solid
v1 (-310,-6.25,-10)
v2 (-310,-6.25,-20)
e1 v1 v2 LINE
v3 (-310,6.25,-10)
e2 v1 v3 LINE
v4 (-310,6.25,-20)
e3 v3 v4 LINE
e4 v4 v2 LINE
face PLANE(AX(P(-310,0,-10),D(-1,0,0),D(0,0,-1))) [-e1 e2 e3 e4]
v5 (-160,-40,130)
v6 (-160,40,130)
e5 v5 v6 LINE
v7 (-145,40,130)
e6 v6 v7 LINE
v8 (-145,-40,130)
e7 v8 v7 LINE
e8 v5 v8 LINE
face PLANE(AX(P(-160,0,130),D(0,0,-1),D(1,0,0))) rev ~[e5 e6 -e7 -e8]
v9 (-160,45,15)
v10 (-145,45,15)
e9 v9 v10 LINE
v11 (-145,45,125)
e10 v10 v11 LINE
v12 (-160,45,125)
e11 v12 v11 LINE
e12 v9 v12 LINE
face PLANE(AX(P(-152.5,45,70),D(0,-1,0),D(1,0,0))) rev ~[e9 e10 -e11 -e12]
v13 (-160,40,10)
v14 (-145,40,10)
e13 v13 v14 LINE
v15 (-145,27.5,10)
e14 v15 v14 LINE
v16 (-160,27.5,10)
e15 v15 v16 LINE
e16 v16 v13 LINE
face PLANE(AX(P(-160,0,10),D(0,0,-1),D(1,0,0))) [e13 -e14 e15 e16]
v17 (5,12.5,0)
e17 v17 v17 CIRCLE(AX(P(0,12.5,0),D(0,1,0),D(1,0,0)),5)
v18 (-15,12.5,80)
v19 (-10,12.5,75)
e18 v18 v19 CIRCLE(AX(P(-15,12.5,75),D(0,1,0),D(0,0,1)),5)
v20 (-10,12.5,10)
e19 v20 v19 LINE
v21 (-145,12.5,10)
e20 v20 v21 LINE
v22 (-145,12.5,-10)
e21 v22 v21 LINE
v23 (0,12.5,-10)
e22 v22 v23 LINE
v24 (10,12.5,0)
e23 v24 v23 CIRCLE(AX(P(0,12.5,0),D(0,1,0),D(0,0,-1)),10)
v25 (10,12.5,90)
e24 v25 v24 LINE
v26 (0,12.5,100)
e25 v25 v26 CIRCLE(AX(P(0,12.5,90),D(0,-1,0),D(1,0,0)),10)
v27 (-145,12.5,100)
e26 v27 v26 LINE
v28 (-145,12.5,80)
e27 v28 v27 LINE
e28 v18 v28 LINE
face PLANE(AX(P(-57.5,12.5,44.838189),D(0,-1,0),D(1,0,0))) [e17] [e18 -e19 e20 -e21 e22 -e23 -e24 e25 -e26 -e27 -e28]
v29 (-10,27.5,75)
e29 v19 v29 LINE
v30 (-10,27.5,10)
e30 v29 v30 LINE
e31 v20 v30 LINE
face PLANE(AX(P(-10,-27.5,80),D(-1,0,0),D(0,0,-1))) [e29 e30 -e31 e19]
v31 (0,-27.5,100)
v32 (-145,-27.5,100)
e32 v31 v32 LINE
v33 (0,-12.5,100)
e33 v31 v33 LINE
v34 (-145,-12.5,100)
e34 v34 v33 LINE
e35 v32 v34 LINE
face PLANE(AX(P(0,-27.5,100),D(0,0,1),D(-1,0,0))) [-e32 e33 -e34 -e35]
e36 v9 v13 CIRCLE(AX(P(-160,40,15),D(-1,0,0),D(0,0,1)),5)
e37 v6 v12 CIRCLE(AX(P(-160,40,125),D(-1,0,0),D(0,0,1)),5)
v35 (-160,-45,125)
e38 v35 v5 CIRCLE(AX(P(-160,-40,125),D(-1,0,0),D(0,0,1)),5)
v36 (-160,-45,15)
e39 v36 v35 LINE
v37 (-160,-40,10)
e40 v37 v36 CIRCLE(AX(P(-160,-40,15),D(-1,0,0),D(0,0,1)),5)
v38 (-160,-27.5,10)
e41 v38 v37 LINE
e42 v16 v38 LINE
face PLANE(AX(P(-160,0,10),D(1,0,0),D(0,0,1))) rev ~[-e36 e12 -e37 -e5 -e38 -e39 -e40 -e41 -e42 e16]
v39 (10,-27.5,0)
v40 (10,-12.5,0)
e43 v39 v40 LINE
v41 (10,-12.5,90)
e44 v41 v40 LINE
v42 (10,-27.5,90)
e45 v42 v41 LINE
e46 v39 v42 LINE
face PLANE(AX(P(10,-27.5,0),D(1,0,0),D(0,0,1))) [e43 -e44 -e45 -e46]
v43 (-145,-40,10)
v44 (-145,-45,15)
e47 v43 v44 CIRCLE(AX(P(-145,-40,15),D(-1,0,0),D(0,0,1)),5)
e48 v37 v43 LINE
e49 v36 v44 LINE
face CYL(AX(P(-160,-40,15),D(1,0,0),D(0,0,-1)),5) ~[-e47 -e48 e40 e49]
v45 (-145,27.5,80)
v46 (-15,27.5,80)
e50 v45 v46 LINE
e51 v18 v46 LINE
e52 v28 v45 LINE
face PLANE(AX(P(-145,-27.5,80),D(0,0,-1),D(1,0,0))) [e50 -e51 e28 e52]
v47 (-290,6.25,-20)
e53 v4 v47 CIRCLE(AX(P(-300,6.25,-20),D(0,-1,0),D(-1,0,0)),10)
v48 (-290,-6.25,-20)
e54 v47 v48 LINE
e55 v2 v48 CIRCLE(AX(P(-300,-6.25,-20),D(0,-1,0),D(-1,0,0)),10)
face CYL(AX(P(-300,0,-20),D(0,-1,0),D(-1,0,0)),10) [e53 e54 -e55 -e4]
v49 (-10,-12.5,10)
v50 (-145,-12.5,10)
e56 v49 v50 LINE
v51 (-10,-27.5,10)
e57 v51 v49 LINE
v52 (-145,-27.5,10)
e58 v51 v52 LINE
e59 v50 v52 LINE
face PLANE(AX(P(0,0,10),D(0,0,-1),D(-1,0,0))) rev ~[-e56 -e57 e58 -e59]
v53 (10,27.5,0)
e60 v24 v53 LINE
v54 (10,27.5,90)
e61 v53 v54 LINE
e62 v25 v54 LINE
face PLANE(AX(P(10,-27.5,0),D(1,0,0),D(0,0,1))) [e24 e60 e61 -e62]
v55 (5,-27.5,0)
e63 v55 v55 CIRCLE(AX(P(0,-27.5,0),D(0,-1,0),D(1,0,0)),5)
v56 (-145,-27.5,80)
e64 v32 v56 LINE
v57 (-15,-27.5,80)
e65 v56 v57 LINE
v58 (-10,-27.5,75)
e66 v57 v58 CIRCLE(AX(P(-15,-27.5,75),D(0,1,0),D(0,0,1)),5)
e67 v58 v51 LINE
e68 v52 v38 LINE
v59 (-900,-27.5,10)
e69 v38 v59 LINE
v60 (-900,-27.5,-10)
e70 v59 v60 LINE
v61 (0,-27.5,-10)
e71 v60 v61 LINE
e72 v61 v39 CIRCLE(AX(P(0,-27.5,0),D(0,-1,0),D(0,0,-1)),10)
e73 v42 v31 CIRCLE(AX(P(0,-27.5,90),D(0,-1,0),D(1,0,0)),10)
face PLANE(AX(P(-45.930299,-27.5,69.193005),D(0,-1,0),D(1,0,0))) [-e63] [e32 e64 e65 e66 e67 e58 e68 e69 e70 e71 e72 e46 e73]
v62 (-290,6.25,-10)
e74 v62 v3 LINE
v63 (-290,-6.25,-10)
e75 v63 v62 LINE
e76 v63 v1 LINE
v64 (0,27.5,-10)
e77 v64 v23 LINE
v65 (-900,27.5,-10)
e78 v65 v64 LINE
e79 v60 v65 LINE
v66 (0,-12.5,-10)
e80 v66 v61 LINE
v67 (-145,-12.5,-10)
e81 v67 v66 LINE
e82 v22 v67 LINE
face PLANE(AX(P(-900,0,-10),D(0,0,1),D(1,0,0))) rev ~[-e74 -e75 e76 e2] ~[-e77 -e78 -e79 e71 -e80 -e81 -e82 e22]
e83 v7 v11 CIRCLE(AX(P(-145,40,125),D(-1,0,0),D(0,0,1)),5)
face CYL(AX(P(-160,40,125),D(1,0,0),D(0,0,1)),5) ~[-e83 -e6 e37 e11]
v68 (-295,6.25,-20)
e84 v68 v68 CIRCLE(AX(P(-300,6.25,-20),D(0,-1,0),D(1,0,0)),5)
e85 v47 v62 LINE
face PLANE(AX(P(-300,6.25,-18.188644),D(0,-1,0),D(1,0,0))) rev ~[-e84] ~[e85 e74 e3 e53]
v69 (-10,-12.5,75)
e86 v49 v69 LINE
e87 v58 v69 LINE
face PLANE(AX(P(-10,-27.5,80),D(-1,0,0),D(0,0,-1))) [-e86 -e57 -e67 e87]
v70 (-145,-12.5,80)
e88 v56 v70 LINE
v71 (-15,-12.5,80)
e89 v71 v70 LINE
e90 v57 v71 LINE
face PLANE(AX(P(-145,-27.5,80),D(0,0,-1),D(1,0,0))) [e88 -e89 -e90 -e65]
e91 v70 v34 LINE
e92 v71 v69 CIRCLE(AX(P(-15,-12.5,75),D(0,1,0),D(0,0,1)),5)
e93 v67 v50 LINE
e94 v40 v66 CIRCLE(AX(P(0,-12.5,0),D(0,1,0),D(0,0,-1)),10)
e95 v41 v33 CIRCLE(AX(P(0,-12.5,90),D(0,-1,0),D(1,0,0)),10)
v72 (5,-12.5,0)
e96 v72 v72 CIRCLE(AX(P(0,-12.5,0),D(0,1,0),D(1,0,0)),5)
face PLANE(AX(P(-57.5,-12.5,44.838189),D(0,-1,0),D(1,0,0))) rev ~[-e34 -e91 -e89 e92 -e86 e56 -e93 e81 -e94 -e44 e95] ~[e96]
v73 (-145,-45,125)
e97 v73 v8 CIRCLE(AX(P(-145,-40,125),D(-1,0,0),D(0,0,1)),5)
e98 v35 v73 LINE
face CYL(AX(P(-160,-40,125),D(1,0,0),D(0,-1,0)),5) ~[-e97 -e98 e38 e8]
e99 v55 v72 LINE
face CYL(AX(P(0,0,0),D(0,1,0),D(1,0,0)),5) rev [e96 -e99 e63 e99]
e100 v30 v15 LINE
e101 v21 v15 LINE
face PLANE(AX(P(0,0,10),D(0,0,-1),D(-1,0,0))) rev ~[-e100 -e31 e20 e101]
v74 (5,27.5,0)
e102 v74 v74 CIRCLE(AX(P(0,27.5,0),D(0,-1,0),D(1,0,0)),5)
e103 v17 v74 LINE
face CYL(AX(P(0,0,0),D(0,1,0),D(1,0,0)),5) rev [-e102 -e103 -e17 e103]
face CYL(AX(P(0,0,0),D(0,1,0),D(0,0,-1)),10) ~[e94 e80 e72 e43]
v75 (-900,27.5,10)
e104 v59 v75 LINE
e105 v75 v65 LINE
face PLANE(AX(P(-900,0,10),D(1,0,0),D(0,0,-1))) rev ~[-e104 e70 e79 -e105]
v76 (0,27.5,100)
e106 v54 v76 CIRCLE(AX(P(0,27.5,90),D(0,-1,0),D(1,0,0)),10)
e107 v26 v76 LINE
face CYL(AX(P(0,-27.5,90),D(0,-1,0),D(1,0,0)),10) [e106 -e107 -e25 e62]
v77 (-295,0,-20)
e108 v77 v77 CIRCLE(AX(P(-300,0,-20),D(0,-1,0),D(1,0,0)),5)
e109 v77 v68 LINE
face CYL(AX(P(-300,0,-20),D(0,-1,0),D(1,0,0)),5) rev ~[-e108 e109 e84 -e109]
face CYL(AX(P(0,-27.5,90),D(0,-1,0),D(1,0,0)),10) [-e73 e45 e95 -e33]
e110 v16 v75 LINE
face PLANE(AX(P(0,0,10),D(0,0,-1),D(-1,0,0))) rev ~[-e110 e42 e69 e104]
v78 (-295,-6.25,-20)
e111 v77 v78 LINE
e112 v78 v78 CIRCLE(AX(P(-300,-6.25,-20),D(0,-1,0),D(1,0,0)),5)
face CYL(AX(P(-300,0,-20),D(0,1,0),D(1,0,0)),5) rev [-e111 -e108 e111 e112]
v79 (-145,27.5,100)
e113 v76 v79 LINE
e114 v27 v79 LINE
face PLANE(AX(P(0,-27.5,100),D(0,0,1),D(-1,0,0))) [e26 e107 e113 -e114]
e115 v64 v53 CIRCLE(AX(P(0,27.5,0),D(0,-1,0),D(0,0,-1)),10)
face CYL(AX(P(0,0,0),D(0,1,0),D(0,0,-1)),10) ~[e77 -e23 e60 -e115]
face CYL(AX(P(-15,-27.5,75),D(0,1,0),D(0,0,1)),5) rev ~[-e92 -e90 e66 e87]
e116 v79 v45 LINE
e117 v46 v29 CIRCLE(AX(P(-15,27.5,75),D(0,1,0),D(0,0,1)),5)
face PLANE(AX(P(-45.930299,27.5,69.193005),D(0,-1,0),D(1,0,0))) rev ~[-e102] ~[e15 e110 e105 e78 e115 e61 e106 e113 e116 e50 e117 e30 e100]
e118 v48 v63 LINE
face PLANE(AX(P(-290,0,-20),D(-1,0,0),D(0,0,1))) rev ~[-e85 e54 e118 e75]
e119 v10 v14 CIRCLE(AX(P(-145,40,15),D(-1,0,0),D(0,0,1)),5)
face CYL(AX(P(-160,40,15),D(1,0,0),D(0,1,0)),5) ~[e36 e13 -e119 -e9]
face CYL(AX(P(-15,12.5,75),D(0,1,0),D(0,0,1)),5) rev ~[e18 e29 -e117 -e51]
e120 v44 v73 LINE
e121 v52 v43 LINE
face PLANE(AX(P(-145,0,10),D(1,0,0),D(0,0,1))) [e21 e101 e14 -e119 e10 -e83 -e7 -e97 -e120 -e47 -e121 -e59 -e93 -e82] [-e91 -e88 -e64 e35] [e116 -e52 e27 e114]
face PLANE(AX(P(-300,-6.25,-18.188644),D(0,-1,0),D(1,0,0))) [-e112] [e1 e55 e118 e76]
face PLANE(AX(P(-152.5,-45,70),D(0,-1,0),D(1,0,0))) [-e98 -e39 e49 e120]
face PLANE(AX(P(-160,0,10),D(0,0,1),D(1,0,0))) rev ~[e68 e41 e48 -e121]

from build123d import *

# Parameters (mm, degrees)
F0_R           = 5
F1_DEPTH       = 27.5
F1_DEPTH_BACK  = 27.5
F4_R           = 5
F5_DEPTH       = 55
F6_W           = 175
F6_H           = 126.1557921569
F7_DEPTH       = 12.5
F7_DEPTH_BACK  = 12.5
F8_R           = 5
F9_DEPTH       = 6.25
F9_DEPTH_BACK  = 6.25
F10_W          = 15
F10_H          = 120
F11_DEPTH      = 45
F11_DEPTH_BACK = 45
F12_R          = 5
F13_R          = 5


with BuildPart() as f1:
    # F0 (on Front) → F1 (new body, two sides)
    with BuildSketch(Plane.XZ) as f1_sk:
        with BuildLine():
            Line((-900, -10), (0, -10))
            ThreePointArc((0, -10), (10, 0), (0, 10))
            Line((0, 10), (-900, 10))
            Line((-900, 10), (-900, -10))
        make_face()
        Circle(F0_R, mode=Mode.SUBTRACT)
    extrude(amount=-F1_DEPTH)
    extrude(f1_sk.sketch, amount=F1_DEPTH_BACK)

    # F4 (on offset) → F5 (join)
    with BuildSketch(Plane.XZ.offset(27.5)):
        with BuildLine():
            Line((-10, 80), (-10, 0))
            ThreePointArc((-10, 0), (0, -10), (10, 0))
            Line((10, 0), (10, 90))
            ThreePointArc((10, 90), (7.0710678119, 97.0710678119), (0, 100))
            Line((0, 100), (-145, 100))
            Line((-145, 100), (-145, 80))
            Line((-145, 80), (-10, 80))
        make_face()
        Circle(F4_R, mode=Mode.SUBTRACT)
    extrude(amount=-F5_DEPTH)

    # F6 (on offset) → F7 (cut, two sides)
    with BuildSketch(Plane.XZ) as f7_sk:
        with Locations((-57.5, 44.8381894321)):
            Rectangle(F6_W, F6_H)
    extrude(amount=-F7_DEPTH, mode=Mode.SUBTRACT)
    extrude(f7_sk.sketch, amount=F7_DEPTH_BACK, mode=Mode.SUBTRACT)

    # F8 (on offset) → F9 (join, two sides)
    with BuildSketch(Plane.XZ) as f9_sk:
        with BuildLine():
            Line((-310, -10), (-310, -20))
            ThreePointArc((-310, -20), (-300, -30), (-290, -20))
            Line((-290, -20), (-290, -10))
            Line((-290, -10), (-300, -10))
            Line((-300, -10), (-310, -10))
        make_face()
        with Locations((-300, -20)):
            Circle(F8_R, mode=Mode.SUBTRACT)
    extrude(amount=F9_DEPTH)
    extrude(f9_sk.sketch, amount=-F9_DEPTH_BACK)

    # F10 (on offset) → F11 (join, two sides)
    with BuildSketch(Plane.XZ) as f11_sk:
        with Locations((-152.5, 70)):
            Rectangle(F10_W, F10_H)
    extrude(amount=F11_DEPTH)
    extrude(f11_sk.sketch, amount=-F11_DEPTH_BACK)

    # F12
    f12_edges = [f1.edges().sort_by_distance(p)[0] for p in [
        (-152.5, -45, 130),
        (-152.5, 45, 130),
        (-152.5, -45, 10),
        (-152.5, 45, 10),
    ]]
    fillet(f12_edges, radius=F12_R)

    # F13
    f13_edges = [f1.edges().sort_by_distance(p)[0] for p in [
        (-10, -20, 80),
        (-10, 20, 80),
    ]]
    fillet(f13_edges, radius=F13_R)


solid = f1.part
